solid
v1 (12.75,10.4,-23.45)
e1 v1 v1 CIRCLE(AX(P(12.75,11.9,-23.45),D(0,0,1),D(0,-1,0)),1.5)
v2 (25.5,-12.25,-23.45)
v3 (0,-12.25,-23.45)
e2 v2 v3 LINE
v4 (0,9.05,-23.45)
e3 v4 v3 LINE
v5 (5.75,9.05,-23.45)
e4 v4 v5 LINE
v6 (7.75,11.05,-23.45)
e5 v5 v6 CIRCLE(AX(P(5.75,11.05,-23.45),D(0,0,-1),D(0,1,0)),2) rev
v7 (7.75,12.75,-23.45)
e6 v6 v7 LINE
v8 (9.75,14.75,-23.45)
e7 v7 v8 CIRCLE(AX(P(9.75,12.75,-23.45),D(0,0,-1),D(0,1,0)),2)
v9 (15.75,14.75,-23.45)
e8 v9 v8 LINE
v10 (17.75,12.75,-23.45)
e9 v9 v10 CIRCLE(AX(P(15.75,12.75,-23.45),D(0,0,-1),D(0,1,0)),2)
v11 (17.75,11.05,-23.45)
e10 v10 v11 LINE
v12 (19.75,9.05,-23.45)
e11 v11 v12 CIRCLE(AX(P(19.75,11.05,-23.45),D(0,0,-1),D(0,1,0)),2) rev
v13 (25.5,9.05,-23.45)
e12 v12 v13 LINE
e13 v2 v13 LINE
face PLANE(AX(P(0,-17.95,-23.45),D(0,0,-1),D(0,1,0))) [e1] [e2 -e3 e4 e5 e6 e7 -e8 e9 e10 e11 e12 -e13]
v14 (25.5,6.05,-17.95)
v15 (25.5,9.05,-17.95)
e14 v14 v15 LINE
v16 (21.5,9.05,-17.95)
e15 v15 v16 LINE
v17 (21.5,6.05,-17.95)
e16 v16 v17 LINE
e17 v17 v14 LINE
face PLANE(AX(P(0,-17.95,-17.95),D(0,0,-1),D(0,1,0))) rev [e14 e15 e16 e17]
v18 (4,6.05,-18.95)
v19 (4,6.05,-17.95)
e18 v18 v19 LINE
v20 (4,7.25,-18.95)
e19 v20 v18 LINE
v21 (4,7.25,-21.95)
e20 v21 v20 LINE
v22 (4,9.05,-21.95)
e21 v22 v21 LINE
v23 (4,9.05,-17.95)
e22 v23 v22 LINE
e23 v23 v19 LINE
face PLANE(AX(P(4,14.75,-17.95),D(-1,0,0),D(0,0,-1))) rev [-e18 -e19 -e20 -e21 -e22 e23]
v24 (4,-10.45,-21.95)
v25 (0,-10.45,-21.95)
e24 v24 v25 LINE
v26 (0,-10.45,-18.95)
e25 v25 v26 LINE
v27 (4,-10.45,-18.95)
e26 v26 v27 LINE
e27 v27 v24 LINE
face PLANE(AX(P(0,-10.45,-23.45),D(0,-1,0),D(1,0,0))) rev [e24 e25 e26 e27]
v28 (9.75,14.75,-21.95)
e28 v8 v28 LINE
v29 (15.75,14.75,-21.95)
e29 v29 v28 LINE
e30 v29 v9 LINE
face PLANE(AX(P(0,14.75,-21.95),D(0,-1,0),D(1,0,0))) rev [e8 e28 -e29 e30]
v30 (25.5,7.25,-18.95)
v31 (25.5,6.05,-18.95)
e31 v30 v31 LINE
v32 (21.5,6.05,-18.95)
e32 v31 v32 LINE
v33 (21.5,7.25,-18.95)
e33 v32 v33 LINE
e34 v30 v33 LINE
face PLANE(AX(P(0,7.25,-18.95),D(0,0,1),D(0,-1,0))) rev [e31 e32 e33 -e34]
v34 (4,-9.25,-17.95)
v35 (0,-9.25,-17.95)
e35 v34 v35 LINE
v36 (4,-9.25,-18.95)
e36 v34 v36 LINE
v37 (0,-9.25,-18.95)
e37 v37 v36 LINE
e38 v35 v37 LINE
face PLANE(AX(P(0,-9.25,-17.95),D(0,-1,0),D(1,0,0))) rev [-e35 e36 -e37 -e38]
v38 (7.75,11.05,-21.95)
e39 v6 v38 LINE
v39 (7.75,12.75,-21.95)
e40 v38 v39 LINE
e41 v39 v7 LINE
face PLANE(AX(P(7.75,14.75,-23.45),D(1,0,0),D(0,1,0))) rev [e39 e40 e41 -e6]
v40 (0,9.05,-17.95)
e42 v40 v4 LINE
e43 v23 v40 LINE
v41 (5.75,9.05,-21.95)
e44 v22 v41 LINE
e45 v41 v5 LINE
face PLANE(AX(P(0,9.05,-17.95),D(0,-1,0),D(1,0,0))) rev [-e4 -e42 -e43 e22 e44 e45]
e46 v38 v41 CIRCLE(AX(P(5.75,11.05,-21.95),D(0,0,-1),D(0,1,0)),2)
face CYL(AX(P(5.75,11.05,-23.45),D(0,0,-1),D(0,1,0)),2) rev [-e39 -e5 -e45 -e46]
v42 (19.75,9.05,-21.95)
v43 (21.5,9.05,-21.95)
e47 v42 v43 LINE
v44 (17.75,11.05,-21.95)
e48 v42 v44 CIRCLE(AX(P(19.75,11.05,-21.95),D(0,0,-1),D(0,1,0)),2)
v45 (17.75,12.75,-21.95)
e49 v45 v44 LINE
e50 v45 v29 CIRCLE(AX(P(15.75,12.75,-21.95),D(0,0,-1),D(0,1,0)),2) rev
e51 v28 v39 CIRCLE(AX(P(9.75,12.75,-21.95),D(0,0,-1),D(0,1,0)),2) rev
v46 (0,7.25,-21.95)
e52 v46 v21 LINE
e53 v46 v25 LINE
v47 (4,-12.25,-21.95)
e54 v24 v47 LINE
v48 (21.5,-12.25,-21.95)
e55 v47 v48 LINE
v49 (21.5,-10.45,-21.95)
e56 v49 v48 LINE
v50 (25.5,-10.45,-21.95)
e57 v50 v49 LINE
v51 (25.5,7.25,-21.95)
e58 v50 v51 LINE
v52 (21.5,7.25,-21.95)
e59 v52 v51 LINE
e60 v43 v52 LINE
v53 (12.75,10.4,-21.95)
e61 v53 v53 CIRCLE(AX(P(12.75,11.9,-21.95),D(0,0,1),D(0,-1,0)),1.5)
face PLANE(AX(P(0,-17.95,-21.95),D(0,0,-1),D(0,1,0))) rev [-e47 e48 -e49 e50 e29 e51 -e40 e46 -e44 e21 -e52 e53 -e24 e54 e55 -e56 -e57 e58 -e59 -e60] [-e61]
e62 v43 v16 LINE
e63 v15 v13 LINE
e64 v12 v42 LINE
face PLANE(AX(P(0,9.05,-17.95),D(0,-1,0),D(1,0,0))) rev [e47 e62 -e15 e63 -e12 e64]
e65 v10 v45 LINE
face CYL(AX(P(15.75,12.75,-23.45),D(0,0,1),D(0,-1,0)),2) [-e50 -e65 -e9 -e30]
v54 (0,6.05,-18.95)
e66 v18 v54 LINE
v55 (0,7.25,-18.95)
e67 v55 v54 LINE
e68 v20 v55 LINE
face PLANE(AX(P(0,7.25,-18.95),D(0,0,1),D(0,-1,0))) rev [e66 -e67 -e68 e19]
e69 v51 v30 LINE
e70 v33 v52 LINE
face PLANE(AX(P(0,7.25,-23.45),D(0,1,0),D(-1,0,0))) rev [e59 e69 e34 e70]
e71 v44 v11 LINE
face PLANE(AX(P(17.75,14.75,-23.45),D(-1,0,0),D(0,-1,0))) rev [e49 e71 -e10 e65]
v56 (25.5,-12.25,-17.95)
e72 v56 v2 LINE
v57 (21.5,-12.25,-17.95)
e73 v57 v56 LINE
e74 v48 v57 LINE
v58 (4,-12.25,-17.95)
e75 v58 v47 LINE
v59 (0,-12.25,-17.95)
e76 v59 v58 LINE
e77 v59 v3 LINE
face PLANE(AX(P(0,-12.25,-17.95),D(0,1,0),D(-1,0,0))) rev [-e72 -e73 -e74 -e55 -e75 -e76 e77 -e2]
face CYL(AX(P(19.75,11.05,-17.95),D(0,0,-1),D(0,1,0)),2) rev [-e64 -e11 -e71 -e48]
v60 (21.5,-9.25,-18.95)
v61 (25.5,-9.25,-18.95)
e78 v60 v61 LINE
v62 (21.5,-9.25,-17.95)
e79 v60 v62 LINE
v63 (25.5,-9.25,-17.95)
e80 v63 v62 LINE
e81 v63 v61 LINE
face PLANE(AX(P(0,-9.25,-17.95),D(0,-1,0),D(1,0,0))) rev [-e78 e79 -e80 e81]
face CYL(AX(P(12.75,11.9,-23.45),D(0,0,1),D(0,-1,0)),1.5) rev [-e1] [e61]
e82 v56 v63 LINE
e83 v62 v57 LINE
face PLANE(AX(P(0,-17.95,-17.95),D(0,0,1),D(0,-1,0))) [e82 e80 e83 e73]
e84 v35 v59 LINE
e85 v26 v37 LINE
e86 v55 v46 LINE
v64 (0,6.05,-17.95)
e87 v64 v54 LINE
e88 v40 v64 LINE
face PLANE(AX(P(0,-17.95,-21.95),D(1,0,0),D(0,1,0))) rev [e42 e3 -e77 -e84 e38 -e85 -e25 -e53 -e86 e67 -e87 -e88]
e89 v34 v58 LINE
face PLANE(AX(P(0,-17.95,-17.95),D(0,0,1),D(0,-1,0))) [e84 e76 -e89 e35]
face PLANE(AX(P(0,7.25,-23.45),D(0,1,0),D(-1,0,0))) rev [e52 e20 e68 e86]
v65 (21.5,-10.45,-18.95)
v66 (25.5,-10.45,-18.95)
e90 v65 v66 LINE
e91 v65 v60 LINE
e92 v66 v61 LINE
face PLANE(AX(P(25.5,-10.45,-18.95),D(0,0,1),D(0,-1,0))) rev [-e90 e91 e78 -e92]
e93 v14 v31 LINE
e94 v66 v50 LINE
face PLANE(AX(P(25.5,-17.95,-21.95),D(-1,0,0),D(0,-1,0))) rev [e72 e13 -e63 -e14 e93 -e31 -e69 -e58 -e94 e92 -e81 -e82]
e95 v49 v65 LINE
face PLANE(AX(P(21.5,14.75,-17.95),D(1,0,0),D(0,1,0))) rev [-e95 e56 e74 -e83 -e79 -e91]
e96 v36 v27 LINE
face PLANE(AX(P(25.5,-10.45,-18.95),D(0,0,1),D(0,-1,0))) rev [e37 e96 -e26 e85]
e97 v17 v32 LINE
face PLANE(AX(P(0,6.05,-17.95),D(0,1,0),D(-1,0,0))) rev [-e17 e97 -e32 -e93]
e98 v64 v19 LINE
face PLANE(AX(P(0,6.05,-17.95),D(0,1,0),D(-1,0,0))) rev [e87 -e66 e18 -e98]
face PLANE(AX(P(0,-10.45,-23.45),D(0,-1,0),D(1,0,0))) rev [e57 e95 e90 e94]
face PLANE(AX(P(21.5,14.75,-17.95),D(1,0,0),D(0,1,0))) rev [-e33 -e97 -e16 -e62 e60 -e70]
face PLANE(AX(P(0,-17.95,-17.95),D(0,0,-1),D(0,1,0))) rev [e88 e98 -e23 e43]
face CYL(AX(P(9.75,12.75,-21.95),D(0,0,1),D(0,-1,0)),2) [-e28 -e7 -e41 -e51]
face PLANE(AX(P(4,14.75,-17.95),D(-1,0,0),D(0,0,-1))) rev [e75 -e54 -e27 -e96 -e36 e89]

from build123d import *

# Parameters (mm, degrees)
SKETCH1_W             = 25.5
SKETCH1_H             = 32.7
BOSS_EXTRUDE1_DEPTH   = 1.5
SKETCH2_W             = 25.5
SKETCH2_H             = 3
BOSS_EXTRUDE2_DEPTH   = 4
SKETCH3_W             = 25.5
SKETCH3_H             = 3
CUT_EXTRUDE1_DEPTH    = 1.2
SKETCH4_W             = 25.5
SKETCH4_H             = 3
CUT_EXTRUDE2_DEPTH    = 1.2
SKETCH5_R             = 1.5
CUT_EXTRUDE3_DEPTH    = 42.65981277
SKETCH7_W             = 25.5
SKETCH7_H             = 5.7
CUT_EXTRUDE4_DEPTH    = 42.830491271
SKETCH8_W             = 17.5
SKETCH8_H             = 4
CUT_EXTRUDE5_DEPTH    = 38.543308325
SKETCH9_W             = 7.75
SKETCH9_H             = 5.7
CUT_EXTRUDE6_DEPTH    = 42.65981277
FILLET1_R             = 2
BODY_MOVE_COPY1_ANGLE = 90


with BuildPart() as part:
    # Sketch1 → Boss-Extrude1 (new body)
    with BuildSketch(Plane(origin=(0, 0, 0), x_dir=(1, 0, 0), z_dir=(0, 1, 0))):
        with Locations((12.75, 16.35)):
            Rectangle(SKETCH1_W, SKETCH1_H)
    extrude(amount=BOSS_EXTRUDE1_DEPTH)

    # Sketch2 → Boss-Extrude2 (add)
    with BuildSketch(Plane(origin=(0, 1.5, 0), x_dir=(1, 0, 0), z_dir=(0, 1, 0))):
        with Locations((12.75, 25.5)):
            Rectangle(SKETCH2_W, SKETCH2_H)
        with Locations((12.75, 7.2)):
            Rectangle(SKETCH2_W, SKETCH2_H)
    extrude(amount=BOSS_EXTRUDE2_DEPTH)

    # Sketch3 → Cut-Extrude1 (cut)
    with BuildSketch(Plane.XY.offset(-24)):
        with Locations((12.75, 3)):
            Rectangle(SKETCH3_W, SKETCH3_H)
    extrude(amount=-CUT_EXTRUDE1_DEPTH, mode=Mode.SUBTRACT)

    # Sketch4 → Cut-Extrude2 (cut)
    with BuildSketch(Plane(origin=(0, 0, -8.7), x_dir=(-1, 0, 0), z_dir=(0, 0, -1))):
        with Locations((-12.75, 3)):
            Rectangle(SKETCH4_W, SKETCH4_H)
    extrude(amount=-CUT_EXTRUDE2_DEPTH, mode=Mode.SUBTRACT)

    # Sketch5 → Cut-Extrude3 (cut, through all)
    with BuildSketch(Plane(origin=(0, 1.5, 0), x_dir=(1, 0, 0), z_dir=(0, 1, 0))):
        with Locations(Location((12.75, 29.85, 0), (0, 0, 270))):
            Circle(SKETCH5_R)
        with Locations(Location((12.75, 2.85, 0), (0, 0, 270))):
            Circle(SKETCH5_R)
    extrude(amount=-CUT_EXTRUDE3_DEPTH, mode=Mode.SUBTRACT)

    # Sketch7 → Cut-Extrude4 (cut, through all)
    with BuildSketch(Plane(origin=(0, 0, 0), x_dir=(1, 0, 0), z_dir=(0, 1, 0))):
        with Locations((12.75, 2.85)):
            Rectangle(SKETCH7_W, SKETCH7_H)
    extrude(amount=CUT_EXTRUDE4_DEPTH, mode=Mode.SUBTRACT)

    # Sketch8 → Cut-Extrude5 (cut, through all)
    with BuildSketch(Plane.XY.offset(-5.7)):
        with Locations((12.75, 3.5)):
            Rectangle(SKETCH8_W, SKETCH8_H)
    extrude(amount=-CUT_EXTRUDE5_DEPTH, mode=Mode.SUBTRACT)

    # Sketch9 → Cut-Extrude6 (cut, through all)
    with BuildSketch(Plane(origin=(0, 1.5, 0), x_dir=(1, 0, 0), z_dir=(0, 1, 0))):
        with Locations((3.875, 29.85)):
            Rectangle(SKETCH9_W, SKETCH9_H)
        with Locations((21.625, 29.85)):
            Rectangle(SKETCH9_W, SKETCH9_H)
    extrude(amount=-CUT_EXTRUDE6_DEPTH, mode=Mode.SUBTRACT)

    # Fillet1
    fillet1_edges = [part.edges().sort_by_distance(p)[0] for p in [
        (7.75, 0.75, -32.7),
        (7.75, 0.75, -27),
        (17.75, 0.75, -32.7),
        (17.75, 0.75, -27),
    ]]
    fillet(fillet1_edges, radius=FILLET1_R)


with BuildPart() as part_1:
    # Body-Move/Copy1: moved
    add(part.part.rotate(Axis((0, 2.75, -20.7), (1, 0, 0)), BODY_MOVE_COPY1_ANGLE))


solid = part_1.part
